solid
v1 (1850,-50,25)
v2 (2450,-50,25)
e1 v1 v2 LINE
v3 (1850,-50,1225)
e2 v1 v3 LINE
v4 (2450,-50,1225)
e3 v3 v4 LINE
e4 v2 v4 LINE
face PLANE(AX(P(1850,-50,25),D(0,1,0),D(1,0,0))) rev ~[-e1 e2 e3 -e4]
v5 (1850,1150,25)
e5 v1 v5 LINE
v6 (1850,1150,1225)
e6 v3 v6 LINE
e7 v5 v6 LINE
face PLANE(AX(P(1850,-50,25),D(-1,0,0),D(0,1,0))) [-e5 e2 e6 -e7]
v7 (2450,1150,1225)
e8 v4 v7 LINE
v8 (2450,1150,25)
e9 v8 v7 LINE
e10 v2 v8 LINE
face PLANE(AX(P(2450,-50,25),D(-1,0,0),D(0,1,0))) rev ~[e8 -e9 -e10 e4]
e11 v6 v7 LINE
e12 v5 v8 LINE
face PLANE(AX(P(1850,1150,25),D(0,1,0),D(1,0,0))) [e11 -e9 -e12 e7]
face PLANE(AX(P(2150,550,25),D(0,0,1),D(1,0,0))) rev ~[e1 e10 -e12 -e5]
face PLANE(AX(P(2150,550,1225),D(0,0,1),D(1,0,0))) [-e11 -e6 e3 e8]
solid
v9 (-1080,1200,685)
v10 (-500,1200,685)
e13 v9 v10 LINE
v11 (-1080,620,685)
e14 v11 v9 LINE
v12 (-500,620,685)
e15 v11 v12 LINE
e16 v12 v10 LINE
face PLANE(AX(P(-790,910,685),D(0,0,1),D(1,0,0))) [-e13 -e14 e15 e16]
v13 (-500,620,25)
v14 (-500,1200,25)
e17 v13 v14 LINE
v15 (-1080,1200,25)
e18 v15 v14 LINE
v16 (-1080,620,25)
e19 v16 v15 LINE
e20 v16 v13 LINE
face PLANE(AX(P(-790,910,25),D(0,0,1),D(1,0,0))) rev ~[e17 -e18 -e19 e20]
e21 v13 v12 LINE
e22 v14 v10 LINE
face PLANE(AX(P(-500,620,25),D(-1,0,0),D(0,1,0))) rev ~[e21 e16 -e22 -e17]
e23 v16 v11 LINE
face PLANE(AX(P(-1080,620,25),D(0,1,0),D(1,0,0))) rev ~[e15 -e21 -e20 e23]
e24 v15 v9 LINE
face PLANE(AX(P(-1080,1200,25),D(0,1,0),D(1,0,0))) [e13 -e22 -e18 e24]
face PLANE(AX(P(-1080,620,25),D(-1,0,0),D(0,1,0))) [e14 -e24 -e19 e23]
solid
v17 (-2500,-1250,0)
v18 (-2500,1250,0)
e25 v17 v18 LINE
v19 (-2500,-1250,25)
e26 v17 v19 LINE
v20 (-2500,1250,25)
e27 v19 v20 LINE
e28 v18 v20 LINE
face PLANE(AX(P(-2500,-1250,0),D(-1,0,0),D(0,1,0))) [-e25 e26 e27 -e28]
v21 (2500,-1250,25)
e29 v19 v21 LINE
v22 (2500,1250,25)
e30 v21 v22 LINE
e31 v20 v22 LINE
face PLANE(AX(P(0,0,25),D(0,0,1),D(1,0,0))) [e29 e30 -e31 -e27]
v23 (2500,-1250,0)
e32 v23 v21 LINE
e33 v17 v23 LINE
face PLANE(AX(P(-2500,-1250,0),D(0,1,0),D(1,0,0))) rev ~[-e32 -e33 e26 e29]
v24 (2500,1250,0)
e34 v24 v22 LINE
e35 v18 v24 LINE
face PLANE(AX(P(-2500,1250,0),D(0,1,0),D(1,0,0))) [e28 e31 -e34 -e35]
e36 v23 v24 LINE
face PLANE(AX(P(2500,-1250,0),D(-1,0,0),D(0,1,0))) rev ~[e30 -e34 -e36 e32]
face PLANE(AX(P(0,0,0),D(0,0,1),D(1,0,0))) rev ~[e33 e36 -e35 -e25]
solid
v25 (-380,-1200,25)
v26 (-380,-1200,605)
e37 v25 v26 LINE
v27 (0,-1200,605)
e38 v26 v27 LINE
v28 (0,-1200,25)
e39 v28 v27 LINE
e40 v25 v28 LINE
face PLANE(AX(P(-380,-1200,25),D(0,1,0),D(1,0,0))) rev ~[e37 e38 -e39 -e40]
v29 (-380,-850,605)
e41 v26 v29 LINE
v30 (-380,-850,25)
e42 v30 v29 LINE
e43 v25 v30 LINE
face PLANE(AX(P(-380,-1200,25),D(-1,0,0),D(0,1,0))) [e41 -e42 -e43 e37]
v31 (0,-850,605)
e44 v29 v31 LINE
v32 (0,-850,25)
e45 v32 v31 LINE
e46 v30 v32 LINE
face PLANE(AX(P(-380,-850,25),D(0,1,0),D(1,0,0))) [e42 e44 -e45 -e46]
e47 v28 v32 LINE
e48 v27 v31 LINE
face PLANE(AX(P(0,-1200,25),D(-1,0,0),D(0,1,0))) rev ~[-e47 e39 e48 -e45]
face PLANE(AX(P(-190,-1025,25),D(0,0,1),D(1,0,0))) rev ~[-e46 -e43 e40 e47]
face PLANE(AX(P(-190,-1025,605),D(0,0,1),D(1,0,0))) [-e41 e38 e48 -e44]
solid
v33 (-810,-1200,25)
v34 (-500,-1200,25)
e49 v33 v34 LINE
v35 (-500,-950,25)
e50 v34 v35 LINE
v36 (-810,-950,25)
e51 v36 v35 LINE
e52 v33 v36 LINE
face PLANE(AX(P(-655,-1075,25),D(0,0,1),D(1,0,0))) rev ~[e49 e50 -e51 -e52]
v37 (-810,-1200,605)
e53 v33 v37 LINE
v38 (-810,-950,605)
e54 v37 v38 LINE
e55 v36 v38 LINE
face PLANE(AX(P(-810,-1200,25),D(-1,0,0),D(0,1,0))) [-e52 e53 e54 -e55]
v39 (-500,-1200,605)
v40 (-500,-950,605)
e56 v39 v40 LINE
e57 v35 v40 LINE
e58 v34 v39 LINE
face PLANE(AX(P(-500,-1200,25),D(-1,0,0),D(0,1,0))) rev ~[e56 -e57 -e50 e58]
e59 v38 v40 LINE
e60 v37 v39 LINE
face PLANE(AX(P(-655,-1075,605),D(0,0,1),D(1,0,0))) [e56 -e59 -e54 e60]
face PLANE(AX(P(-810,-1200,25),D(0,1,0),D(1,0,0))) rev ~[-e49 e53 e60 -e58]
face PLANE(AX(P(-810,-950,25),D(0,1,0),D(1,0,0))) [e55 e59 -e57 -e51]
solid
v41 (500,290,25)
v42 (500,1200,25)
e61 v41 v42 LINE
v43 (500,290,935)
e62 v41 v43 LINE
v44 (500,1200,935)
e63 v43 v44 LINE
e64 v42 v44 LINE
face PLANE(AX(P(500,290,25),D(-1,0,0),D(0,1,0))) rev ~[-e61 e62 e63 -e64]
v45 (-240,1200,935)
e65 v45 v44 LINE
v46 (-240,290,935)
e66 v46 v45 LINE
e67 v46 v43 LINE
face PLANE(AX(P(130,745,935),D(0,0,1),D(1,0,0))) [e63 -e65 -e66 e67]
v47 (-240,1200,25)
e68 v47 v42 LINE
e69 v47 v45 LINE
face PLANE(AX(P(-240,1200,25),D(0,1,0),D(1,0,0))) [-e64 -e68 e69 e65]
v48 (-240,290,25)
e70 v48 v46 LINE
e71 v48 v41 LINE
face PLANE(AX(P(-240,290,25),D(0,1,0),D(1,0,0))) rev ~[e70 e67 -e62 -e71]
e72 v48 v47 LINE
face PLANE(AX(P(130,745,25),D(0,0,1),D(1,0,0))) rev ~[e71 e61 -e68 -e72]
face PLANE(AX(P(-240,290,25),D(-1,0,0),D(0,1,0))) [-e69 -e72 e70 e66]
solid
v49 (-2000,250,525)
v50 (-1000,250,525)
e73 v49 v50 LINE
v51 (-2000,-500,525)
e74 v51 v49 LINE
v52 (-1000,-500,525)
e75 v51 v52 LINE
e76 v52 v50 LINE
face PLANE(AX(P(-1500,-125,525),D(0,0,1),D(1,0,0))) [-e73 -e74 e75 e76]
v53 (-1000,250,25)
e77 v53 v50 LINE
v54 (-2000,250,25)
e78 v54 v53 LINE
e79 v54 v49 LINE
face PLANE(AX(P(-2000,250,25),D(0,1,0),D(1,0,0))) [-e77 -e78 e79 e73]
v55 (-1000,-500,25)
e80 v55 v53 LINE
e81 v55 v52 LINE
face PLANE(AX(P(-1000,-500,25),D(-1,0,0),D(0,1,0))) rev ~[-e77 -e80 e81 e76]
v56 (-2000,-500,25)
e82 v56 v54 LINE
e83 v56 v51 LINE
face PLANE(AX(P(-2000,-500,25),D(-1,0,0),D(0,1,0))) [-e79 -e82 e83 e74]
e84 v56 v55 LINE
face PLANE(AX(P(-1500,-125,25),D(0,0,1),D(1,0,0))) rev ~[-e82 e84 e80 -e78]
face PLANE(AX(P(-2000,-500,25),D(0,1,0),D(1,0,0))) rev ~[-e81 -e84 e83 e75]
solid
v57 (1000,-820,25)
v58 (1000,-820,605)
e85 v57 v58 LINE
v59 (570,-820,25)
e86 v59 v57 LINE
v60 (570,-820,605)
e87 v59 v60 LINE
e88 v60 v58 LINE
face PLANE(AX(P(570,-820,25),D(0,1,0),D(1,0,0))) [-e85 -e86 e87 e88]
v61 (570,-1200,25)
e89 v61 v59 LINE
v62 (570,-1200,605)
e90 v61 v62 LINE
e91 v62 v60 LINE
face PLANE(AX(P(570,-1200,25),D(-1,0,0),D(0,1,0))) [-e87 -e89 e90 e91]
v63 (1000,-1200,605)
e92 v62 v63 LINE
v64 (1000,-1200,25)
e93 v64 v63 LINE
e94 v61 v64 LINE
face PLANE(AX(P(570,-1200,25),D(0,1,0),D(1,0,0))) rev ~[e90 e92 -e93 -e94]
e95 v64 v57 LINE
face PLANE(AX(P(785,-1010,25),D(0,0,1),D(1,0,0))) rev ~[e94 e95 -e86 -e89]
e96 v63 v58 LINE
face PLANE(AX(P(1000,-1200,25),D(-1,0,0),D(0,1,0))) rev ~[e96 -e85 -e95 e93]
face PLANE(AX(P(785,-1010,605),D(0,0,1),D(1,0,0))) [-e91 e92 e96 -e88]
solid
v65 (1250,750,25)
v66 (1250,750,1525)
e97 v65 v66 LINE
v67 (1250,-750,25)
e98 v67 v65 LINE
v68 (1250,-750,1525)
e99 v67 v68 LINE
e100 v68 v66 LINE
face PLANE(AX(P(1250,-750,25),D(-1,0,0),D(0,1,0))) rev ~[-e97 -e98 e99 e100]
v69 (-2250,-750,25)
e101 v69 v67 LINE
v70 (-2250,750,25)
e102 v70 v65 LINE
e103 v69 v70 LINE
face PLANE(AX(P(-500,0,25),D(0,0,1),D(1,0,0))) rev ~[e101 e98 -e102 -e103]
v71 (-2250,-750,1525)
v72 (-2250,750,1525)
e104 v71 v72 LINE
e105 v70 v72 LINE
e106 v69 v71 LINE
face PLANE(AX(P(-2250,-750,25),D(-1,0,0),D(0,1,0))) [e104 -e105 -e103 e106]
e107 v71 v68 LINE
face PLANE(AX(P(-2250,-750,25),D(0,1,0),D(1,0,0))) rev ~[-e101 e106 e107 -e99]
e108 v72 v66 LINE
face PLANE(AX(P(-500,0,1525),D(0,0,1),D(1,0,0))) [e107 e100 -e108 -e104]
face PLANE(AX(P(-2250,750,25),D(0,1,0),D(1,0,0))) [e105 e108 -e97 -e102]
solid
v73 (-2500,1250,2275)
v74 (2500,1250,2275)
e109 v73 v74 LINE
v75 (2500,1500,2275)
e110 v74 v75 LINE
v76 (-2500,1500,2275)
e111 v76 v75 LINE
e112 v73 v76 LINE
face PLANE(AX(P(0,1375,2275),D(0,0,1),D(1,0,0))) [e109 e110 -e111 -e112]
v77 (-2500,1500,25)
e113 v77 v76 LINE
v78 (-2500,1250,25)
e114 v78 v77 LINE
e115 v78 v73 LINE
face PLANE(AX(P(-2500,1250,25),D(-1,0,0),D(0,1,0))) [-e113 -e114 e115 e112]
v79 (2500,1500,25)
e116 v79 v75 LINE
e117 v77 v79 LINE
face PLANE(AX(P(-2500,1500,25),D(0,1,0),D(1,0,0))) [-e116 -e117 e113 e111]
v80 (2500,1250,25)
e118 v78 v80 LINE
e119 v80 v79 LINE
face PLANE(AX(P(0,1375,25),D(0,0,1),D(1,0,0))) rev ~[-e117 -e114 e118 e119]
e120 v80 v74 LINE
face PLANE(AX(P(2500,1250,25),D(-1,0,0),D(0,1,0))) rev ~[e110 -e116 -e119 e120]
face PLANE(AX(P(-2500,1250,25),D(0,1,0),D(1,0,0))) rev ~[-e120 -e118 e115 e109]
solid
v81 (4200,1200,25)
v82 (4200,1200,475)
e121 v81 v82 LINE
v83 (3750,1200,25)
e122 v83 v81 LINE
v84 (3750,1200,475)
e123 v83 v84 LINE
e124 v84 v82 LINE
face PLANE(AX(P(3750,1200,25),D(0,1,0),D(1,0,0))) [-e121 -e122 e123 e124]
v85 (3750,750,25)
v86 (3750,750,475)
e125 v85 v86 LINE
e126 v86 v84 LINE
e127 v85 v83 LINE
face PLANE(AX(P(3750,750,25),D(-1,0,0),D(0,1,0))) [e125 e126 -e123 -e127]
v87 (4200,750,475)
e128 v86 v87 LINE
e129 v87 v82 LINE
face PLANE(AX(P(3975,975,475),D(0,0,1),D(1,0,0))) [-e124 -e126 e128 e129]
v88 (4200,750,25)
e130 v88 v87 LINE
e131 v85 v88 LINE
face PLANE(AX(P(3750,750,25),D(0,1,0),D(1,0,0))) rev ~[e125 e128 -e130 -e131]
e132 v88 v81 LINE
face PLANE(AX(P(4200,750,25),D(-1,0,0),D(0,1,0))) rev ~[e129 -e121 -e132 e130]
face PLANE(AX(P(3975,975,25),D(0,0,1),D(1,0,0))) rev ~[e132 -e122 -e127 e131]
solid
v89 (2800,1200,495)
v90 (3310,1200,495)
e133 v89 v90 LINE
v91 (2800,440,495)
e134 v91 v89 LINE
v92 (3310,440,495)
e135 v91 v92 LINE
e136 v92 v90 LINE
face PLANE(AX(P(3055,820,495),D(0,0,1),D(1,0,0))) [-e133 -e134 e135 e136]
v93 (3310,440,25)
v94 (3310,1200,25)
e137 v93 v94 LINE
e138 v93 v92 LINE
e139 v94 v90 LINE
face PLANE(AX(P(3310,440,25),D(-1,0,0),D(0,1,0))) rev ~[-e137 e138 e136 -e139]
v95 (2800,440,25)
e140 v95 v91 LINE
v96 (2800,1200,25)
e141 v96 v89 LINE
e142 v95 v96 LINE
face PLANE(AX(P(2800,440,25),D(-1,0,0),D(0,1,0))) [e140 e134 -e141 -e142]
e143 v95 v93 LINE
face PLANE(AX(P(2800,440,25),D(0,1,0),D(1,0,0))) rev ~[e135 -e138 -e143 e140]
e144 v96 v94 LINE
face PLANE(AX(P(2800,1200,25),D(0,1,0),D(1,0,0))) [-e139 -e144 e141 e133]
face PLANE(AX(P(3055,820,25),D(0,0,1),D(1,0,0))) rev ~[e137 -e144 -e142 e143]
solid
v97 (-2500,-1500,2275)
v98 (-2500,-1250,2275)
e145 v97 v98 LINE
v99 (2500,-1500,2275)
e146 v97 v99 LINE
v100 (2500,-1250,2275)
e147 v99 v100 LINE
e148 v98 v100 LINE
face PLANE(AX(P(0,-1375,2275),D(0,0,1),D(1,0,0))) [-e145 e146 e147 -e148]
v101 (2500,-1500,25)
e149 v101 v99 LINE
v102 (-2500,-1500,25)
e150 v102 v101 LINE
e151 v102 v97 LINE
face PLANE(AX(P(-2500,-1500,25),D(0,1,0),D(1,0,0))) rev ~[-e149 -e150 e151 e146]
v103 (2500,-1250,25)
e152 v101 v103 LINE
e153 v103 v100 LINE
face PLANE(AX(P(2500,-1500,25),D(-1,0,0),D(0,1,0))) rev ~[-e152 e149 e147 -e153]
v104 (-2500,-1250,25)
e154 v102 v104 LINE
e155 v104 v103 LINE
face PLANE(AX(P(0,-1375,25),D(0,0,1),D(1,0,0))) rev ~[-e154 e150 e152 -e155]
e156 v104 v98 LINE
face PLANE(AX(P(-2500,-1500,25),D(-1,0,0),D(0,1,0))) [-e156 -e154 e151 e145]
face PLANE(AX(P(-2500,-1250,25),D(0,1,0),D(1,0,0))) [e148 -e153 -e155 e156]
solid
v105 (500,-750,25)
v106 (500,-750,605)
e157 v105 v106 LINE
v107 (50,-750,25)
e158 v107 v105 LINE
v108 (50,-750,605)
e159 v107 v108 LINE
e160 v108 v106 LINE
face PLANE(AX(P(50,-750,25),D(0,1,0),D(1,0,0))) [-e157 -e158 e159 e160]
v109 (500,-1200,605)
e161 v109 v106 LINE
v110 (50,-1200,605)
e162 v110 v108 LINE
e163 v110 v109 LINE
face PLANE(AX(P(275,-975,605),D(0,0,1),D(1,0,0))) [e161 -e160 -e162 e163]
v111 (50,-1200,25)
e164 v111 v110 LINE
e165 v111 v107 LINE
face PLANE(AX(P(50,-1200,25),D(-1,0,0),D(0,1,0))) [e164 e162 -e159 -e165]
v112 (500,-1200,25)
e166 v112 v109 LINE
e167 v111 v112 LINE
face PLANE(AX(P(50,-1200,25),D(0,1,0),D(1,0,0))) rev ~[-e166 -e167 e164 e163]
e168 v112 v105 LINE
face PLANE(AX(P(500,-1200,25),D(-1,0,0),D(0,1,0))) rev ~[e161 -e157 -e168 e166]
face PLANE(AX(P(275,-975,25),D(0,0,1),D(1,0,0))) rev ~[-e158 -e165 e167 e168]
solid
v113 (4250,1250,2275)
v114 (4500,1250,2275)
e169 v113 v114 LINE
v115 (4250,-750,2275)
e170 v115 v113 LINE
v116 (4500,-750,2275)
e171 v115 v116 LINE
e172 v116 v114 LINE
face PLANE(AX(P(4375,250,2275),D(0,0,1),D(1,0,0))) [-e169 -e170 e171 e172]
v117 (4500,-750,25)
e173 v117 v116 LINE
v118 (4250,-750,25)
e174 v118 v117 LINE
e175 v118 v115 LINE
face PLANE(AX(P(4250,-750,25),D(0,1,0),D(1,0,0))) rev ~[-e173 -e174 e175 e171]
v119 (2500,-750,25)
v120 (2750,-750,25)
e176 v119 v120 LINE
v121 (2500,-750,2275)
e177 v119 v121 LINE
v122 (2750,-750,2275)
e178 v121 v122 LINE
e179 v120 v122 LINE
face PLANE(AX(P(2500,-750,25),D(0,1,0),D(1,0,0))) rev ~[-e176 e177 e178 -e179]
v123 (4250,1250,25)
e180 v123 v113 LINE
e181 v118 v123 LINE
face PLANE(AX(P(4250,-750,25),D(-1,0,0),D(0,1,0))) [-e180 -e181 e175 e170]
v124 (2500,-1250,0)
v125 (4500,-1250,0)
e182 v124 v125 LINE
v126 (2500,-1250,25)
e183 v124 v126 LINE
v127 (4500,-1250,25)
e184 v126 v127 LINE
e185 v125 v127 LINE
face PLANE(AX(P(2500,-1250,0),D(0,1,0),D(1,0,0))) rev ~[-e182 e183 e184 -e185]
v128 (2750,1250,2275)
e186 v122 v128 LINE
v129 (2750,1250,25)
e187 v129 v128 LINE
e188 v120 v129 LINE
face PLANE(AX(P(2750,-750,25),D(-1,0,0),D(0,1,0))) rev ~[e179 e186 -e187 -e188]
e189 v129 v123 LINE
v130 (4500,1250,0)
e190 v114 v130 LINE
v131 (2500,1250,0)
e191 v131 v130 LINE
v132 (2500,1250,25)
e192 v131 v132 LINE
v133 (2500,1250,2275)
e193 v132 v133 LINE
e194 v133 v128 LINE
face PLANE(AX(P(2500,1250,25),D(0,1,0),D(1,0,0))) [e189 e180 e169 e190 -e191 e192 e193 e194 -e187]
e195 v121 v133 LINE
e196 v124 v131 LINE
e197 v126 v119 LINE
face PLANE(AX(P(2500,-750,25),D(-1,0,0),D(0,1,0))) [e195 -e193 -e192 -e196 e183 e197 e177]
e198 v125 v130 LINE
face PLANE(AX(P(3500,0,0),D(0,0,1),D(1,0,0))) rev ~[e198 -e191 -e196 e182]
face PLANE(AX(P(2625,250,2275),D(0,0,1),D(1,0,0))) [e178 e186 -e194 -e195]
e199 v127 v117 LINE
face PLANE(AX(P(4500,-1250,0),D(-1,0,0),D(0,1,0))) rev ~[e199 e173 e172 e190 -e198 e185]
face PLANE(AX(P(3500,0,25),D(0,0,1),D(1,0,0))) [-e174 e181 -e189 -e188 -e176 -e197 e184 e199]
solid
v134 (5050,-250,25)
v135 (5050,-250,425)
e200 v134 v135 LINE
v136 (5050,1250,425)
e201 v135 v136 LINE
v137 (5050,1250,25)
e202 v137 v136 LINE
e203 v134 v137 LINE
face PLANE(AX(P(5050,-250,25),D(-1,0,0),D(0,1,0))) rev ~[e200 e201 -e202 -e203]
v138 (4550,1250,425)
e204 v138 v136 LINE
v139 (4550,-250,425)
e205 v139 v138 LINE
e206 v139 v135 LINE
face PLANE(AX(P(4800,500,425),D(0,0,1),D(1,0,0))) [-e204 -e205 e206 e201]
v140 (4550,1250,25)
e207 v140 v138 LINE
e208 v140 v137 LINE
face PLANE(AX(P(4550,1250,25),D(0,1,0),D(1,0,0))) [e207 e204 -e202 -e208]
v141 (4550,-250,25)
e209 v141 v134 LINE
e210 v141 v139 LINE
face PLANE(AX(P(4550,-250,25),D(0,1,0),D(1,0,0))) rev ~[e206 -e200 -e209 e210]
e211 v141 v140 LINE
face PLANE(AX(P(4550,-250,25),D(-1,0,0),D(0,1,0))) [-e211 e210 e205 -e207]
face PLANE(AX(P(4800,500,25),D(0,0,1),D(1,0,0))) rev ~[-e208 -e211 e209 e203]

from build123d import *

# Parameters (mm, degrees)
F0_W      = 5000
F0_H      = 2500
F1_DEPTH  = 25
F2_W      = 2000
F2_H      = 2500
F3_DEPTH  = 25
F4_W      = 5000
F4_H      = 250
F4_W_2    = 250
F4_H_2    = 2000
F5_DEPTH  = 2250
F6_W      = 3500
F6_H      = 1500
F7_DEPTH  = 1500
F8_W      = 740
F8_H      = 910
F9_DEPTH  = 910
F10_W     = 600
F10_H     = 1200
F11_DEPTH = 1200
F12_W     = 580
F12_H     = 580
F13_DEPTH = 660
F14_W     = 500
F14_H     = 1500
F15_DEPTH = 400
F16_W     = 510
F16_H     = 760
F17_DEPTH = 470
F18_W     = 450
F18_H     = 450
F19_DEPTH = 450
F20_W     = 380
F20_H     = 350
F21_DEPTH = 580
F20_W_2   = 310
F20_H_2   = 250
F20_W_3   = 450
F20_H_3   = 450
F20_W_4   = 430
F20_H_4   = 380
F22_W     = 1000
F22_H     = 750
F23_DEPTH = 500


with BuildPart() as f1:
    # F0 (on Top) → F1 (new body)
    with BuildSketch(Plane.XY):
        Rectangle(F0_W, F0_H)
    extrude(amount=F1_DEPTH)


with BuildPart() as f3:
    # F2 (on Top) → F3 (new body)
    with BuildSketch(Plane.XY):
        with Locations((3500, 0)):
            Rectangle(F2_W, F2_H)
    extrude(amount=F3_DEPTH)

    # F4 (on face) → F5 (join)
    with BuildSketch(Plane.XY.offset(25)):
        with Locations((0, -1375)):
            Rectangle(F4_W, F4_H)
        with Locations((0, 1375)):
            Rectangle(F4_W, F4_H)
        with Locations((2625, 250)):
            Rectangle(F4_W_2, F4_H_2)
        with Locations((4375, 250)):
            Rectangle(F4_W_2, F4_H_2)
    extrude(amount=F5_DEPTH)


with BuildPart() as f7:
    # F6 (on face) → F7 (new body)
    with BuildSketch(Plane.XY.offset(25)):
        with Locations((-500, 0)):
            Rectangle(F6_W, F6_H)
    extrude(amount=F7_DEPTH)


with BuildPart() as f9:
    # F8 (on face) → F9 (new body)
    with BuildSketch(Plane.XY.offset(25)):
        with Locations((130, 745)):
            Rectangle(F8_W, F8_H)
    extrude(amount=F9_DEPTH)


with BuildPart() as f11:
    # F10 (on face) → F11 (new body)
    with BuildSketch(Plane.XY.offset(25)):
        with Locations((2150, 550)):
            Rectangle(F10_W, F10_H)
    extrude(amount=F11_DEPTH)


with BuildPart() as f13:
    # F12 (on face) → F13 (new body)
    with BuildSketch(Plane.XY.offset(25)):
        with Locations((-790, 910)):
            Rectangle(F12_W, F12_H)
    extrude(amount=F13_DEPTH)


with BuildPart() as f15:
    # F14 (on face) → F15 (new body)
    with BuildSketch(Plane.XY.offset(25)):
        with Locations((4800, 500)):
            Rectangle(F14_W, F14_H)
    extrude(amount=F15_DEPTH)


with BuildPart() as f17:
    # F16 (on face) → F17 (new body)
    with BuildSketch(Plane.XY.offset(25)):
        with Locations((3055, 820)):
            Rectangle(F16_W, F16_H)
    extrude(amount=F17_DEPTH)


with BuildPart() as f19:
    # F18 (on face) → F19 (new body)
    with BuildSketch(Plane.XY.offset(25)):
        with Locations((3975, 975)):
            Rectangle(F18_W, F18_H)
    extrude(amount=F19_DEPTH)


with BuildPart() as f21:
    # F20 (on face) → F21 (new body)
    with BuildSketch(Plane.XY.offset(25)):
        with Locations((-190, -1025)):
            Rectangle(F20_W, F20_H)
    extrude(amount=F21_DEPTH)


with BuildPart() as f21b:
    # F20 (on face) → F21, piece 2 (new body)
    with BuildSketch(Plane.XY.offset(25)):
        with Locations((-655, -1075)):
            Rectangle(F20_W_2, F20_H_2)
    extrude(amount=F21_DEPTH)


with BuildPart() as f21c:
    # F20 (on face) → F21, piece 3 (new body)
    with BuildSketch(Plane.XY.offset(25)):
        with Locations((275, -975)):
            Rectangle(F20_W_3, F20_H_3)
    extrude(amount=F21_DEPTH)


with BuildPart() as f21d:
    # F20 (on face) → F21, piece 4 (new body)
    with BuildSketch(Plane.XY.offset(25)):
        with Locations((785, -1010)):
            Rectangle(F20_W_4, F20_H_4)
    extrude(amount=F21_DEPTH)


with BuildPart() as f23:
    # F22 (on face) → F23 (new body)
    with BuildSketch(Plane.XY.offset(25)):
        with Locations((-1500, -125)):
            Rectangle(F22_W, F22_H)
    extrude(amount=F23_DEPTH)


solid = Compound([f1.part, f3.part, f7.part, f9.part, f11.part, f13.part, f15.part, f17.part, f19.part, f21.part, f21b.part, f21c.part, f21d.part, f23.part])
